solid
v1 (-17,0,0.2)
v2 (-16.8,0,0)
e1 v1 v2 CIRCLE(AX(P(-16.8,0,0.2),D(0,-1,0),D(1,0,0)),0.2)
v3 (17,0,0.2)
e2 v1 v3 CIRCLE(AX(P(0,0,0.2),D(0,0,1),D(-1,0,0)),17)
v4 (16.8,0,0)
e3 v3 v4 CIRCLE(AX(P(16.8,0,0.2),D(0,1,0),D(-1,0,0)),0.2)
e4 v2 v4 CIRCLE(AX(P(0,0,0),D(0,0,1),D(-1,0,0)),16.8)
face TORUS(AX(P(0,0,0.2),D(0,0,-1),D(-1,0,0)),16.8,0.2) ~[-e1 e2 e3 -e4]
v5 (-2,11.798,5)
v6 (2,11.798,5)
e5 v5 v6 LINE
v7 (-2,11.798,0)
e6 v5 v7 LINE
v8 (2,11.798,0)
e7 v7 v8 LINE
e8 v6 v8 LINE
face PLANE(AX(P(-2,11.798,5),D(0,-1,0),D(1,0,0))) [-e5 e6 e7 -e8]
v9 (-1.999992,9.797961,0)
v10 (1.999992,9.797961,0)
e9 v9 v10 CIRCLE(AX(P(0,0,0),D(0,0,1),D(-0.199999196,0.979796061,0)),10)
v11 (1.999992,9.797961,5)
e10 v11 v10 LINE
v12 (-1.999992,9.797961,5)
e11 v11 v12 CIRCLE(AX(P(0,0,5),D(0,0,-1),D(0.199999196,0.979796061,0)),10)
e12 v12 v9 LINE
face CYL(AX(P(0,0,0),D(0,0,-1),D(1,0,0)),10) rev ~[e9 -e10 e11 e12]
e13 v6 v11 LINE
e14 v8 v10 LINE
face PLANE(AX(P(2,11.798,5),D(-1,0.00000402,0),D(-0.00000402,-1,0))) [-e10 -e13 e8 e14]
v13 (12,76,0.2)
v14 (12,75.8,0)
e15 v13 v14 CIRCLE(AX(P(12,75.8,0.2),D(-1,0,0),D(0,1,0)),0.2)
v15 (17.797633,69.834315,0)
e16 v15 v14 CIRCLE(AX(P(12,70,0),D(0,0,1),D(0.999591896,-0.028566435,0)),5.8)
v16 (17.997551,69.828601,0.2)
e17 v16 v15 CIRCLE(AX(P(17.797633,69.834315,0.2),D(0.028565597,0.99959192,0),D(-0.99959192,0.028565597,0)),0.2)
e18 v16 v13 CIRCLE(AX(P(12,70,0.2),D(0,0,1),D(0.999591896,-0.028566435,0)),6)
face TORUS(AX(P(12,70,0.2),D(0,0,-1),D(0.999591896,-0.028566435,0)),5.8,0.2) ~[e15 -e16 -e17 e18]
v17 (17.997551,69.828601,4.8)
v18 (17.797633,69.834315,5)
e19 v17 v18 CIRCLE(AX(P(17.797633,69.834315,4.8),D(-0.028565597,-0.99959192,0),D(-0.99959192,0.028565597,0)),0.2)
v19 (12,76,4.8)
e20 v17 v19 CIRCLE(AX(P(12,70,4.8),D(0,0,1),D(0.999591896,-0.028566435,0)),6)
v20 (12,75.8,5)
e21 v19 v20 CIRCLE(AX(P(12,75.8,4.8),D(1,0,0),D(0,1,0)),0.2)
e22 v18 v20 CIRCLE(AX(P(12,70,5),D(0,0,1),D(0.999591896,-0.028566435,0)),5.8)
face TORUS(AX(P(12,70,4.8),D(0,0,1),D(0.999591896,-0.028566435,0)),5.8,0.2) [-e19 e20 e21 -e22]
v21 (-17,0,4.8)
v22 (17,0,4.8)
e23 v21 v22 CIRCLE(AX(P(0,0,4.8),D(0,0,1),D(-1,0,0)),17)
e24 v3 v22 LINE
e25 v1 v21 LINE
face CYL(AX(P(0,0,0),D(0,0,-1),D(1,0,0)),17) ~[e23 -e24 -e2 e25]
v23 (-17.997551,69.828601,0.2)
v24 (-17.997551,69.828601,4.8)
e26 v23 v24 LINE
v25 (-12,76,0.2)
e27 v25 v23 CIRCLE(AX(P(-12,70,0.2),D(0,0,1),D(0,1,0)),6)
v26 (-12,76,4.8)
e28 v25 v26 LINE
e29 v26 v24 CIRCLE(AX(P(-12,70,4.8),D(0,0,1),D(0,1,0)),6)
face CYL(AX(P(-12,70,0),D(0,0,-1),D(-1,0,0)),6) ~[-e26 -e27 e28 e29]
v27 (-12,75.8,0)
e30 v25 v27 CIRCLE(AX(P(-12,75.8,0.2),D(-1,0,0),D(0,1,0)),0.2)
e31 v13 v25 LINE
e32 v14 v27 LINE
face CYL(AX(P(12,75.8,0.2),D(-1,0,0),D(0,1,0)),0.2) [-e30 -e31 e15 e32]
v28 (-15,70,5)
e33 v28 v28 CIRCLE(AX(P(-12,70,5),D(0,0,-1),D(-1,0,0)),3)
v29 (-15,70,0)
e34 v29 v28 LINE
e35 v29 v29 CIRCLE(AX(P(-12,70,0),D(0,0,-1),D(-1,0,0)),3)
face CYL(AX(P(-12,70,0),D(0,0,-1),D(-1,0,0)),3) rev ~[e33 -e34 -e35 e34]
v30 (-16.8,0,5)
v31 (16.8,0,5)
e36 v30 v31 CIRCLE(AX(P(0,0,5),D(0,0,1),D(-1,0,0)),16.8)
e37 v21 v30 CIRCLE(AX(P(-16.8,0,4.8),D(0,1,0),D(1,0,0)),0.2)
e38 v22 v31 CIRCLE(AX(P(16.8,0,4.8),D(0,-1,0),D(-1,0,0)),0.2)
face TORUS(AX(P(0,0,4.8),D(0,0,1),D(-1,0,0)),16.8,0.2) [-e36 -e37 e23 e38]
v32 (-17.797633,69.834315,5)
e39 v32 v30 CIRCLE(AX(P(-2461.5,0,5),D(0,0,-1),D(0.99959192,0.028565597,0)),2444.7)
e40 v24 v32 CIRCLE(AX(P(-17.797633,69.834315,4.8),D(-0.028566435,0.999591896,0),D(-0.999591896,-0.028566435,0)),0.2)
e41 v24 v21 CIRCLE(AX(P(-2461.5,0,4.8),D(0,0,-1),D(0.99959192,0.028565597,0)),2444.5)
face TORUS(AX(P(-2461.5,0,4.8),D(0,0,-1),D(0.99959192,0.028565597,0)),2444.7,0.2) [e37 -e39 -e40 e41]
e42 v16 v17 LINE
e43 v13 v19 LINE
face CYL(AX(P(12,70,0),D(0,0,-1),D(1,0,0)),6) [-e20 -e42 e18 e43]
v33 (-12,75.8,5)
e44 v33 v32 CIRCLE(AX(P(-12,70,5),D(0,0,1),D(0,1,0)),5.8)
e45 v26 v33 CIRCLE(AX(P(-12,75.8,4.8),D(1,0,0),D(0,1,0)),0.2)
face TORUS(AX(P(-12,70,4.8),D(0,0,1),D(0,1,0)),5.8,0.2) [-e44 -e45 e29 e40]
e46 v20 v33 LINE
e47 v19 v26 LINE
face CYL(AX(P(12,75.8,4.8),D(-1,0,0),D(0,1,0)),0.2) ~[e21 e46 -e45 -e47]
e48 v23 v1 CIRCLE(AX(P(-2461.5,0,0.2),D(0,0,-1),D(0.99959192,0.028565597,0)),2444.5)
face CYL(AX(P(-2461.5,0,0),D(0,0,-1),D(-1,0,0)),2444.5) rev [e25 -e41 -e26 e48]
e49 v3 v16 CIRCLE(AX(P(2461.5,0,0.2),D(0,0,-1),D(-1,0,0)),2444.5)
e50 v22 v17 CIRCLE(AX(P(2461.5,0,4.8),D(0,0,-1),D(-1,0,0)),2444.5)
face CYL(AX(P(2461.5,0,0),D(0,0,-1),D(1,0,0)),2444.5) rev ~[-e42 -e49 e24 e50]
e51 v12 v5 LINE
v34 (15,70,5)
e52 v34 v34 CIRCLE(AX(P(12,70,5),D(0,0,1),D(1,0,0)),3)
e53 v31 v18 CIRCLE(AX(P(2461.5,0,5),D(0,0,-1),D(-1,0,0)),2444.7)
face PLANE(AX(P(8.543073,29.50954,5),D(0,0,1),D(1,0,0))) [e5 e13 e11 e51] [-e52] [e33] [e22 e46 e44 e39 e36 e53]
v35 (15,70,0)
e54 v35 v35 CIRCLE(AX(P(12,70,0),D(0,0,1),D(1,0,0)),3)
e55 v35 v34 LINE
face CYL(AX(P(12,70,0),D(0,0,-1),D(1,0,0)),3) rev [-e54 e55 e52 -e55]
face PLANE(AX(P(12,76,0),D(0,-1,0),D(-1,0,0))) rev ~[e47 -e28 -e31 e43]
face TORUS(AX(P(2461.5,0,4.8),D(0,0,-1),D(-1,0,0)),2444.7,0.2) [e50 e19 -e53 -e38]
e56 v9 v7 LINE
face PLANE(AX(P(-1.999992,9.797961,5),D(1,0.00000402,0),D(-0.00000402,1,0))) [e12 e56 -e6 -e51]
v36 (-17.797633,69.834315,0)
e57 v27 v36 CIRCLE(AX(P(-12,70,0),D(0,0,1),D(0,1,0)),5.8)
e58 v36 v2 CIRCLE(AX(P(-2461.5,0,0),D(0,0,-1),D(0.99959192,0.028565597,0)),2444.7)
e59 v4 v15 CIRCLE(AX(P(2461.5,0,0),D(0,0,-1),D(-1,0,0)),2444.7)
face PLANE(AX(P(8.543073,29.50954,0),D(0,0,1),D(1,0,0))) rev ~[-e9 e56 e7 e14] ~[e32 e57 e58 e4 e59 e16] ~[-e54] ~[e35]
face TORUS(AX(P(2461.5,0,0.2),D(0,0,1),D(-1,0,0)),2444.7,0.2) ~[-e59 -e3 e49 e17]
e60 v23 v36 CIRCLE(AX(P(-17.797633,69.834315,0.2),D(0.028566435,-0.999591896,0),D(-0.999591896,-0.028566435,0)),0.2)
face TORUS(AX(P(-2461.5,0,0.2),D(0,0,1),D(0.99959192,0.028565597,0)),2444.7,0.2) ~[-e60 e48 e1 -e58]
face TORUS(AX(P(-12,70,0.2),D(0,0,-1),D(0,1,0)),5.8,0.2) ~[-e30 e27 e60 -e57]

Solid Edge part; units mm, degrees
sketch "Sketch1" plane through (0, 0, 0) normal (0, 0, 1) x (1, 0, 0)
  circle A0 centre (12, 70) radius 3
  arc A1 (0, -17) -> (17, 0) centre (0, 0) ccw
  arc A2 (17, 0) -> (17.9976, 69.8286) centre (2461.5, 0) cw
  arc A3 (12, 76) -> (17.9976, 69.8286) centre (12, 70) cw
  line L0 (12, 76) -> (0, 76)
  line L1 (0, 10) -> (0, 76)
  arc A4 (0, 10) -> (0, -10) centre (0, 0) cw
  line L2 (0, -17) -> (0, -10)
  dimension "D1" = 17
  dimension "D2" = 10
  dimension "D3" = 12
  dimension "D4" = 70
  dimension "D5" = 6
extrude "Protrusion1" add sketch "Sketch1" along normal blind 5
mirror "Mirror1" about plane through (0, 0, 0) normal (1, 0, 0) of "Protrusion1"
sketch "Sketch2" plane through (0, 14.5, 5) normal (0, 0, 1) x (1, 0, 0)
  arc A0 (-2, -4.702) -> (2, -4.702) centre (0, -14.5) cw
  line L0 (2, -2.702) -> (2, -4.702)
  line L1 (-2, -2.702) -> (2, -2.702)
  line L2 (-2, -4.702) -> (-2, -2.702)
  dimension "D1" = 4
  dimension "D2" = 2
extrude "ExtrudedCutout_1" cut sketch "Sketch2" against normal blind 9.3641
fillet "Round_1" radius 0.2 12 edges at (17.2494, 34.9179, 0) (16.3028, 74.1816, 0) (0, 76, 0) (-16.3028, 74.1816, 0) (-17.2494, 34.9179, 0) (0, -17, 0) (17.2494, 34.9179, 5) (16.3028, 74.1816, 5) (0, 76, 5) (-16.3028, 74.1816, 5) (-17.2494, 34.9179, 5) (0, -17, 5)
properties material "Steel"
